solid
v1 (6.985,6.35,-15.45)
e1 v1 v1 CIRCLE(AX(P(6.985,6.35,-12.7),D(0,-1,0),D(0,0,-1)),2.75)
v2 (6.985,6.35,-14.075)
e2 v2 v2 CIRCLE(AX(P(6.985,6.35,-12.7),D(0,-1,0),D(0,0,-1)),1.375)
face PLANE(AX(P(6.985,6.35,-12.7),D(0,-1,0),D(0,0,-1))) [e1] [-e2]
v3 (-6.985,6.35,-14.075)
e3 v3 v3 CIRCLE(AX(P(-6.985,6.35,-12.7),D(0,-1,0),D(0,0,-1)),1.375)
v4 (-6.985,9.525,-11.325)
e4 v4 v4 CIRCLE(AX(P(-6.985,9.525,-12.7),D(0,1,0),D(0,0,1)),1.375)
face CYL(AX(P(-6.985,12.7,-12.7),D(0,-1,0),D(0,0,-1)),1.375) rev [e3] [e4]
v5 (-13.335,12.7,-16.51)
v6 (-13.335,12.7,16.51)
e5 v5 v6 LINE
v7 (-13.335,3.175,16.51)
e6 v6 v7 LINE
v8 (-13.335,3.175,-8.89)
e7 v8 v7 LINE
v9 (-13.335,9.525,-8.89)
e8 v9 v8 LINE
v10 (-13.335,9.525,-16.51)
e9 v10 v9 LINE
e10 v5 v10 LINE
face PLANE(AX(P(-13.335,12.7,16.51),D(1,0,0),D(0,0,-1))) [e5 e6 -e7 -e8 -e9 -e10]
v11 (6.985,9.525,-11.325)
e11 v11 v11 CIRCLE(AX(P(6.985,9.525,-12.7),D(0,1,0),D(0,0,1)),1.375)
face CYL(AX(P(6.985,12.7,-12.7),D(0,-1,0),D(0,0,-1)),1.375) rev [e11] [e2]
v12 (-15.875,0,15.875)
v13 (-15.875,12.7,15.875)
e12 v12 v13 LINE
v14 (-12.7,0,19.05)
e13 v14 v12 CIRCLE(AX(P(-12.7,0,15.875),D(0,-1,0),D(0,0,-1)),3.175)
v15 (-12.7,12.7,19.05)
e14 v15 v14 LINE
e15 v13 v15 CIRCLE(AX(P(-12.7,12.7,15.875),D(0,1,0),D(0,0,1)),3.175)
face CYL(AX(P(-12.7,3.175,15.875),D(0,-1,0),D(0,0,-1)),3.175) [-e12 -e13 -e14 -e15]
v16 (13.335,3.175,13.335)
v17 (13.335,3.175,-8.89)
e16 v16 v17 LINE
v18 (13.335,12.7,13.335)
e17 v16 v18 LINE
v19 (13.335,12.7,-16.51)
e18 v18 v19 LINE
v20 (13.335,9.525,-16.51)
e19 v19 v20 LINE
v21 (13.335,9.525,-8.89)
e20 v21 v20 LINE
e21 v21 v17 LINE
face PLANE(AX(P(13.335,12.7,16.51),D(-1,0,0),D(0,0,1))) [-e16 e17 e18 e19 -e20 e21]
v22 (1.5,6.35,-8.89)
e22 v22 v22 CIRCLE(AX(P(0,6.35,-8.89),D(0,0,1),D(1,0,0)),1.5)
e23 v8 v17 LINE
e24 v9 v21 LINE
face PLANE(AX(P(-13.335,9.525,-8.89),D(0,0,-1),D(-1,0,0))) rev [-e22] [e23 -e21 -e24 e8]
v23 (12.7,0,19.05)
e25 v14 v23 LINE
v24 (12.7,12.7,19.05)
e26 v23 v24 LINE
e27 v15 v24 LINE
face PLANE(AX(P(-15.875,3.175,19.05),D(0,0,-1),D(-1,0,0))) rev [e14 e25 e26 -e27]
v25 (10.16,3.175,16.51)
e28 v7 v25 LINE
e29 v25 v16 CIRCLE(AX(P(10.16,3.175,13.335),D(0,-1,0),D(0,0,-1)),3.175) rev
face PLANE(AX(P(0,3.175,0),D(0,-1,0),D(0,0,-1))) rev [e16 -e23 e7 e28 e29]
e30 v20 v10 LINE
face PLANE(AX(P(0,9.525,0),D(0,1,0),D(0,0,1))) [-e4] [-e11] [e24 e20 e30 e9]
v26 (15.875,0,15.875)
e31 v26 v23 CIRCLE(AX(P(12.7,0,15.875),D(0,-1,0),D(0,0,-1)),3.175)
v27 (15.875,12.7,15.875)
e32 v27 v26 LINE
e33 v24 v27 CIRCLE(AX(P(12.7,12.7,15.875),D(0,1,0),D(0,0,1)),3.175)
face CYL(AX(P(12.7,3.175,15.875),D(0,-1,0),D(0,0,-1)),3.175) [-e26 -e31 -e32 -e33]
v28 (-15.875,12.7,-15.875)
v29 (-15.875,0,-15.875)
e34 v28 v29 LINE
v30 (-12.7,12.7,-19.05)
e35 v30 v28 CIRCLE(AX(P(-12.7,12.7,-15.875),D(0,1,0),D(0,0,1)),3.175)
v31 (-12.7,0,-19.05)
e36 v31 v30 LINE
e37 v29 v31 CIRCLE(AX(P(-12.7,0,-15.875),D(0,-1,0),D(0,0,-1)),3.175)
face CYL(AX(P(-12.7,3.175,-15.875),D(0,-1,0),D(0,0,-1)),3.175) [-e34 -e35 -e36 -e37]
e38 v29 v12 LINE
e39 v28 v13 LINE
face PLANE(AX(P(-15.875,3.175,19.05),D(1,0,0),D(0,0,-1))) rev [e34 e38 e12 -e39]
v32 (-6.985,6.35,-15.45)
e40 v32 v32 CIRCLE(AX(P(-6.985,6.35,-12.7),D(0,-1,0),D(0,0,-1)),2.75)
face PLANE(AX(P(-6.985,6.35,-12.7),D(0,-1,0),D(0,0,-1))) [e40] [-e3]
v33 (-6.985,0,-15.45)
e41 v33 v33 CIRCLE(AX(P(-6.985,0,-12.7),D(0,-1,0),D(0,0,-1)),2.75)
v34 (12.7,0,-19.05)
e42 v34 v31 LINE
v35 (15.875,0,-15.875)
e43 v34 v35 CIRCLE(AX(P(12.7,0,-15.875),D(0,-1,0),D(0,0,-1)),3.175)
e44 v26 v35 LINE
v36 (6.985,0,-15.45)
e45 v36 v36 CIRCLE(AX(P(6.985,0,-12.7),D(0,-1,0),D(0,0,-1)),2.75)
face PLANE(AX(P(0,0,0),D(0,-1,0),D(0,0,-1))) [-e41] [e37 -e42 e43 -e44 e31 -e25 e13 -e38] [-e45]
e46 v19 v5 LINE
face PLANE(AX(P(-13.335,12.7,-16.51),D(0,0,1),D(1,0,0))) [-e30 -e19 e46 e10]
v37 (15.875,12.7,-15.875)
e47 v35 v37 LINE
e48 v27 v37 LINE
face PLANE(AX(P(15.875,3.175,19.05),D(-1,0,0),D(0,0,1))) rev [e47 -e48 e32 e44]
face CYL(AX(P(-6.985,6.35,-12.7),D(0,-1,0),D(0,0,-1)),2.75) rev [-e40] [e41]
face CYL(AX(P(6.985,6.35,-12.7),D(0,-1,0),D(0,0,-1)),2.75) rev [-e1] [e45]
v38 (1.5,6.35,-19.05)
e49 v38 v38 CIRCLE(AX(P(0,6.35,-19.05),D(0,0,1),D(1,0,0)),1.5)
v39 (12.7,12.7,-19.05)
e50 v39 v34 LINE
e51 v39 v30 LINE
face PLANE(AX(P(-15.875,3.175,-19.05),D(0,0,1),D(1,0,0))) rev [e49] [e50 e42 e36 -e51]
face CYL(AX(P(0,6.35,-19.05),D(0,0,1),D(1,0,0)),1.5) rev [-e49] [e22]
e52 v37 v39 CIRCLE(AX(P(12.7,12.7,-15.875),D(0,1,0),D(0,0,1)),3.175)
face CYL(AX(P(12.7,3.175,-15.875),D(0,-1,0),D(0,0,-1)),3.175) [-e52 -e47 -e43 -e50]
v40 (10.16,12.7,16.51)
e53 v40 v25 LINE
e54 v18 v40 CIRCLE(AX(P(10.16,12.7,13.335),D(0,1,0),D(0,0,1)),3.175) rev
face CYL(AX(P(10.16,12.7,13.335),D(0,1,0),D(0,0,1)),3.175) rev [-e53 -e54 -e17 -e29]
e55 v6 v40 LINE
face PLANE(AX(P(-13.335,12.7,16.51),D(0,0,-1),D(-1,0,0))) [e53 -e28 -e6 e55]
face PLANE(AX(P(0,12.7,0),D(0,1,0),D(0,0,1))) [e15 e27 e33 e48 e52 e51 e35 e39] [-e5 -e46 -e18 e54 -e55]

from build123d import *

# Parameters (mm, degrees)
SKETCH1_W           = 31.75
SKETCH1_H           = 38.1
BOSS_EXTRUDE1_DEPTH = 3.175
SKETCH2_W           = 31.75
SKETCH2_H           = 38.1
SKETCH2_W_2         = 26.67
SKETCH2_H_2         = 33.02
BOSS_EXTRUDE2_DEPTH = 9.525
SKETCH3_W           = 26.67
SKETCH3_H           = 7.62
BOSS_EXTRUDE3_DEPTH = 6.35
SKETCH4_R           = 2.749999961
CUT_EXTRUDE1_DEPTH  = 6.35
SKETCH5_R           = 1.375
CUT_EXTRUDE2_DEPTH  = 26.597668351
SKETCH6_R           = 1.5
CUT_EXTRUDE3_DEPTH  = 35.553570365
FILLET1_R           = 3.175


with BuildPart() as part:
    # Sketch1 → Boss-Extrude1 (new body)
    with BuildSketch(Plane(origin=(0, 0, 0), x_dir=(1, 0, 0), z_dir=(0, 1, 0))):
        Rectangle(SKETCH1_W, SKETCH1_H)
    extrude(amount=BOSS_EXTRUDE1_DEPTH)

    # Sketch2 → Boss-Extrude2 (add)
    with BuildSketch(Plane(origin=(0, 3.175, 0), x_dir=(1, 0, 0), z_dir=(0, 1, 0))):
        Rectangle(SKETCH2_W, SKETCH2_H)
        Rectangle(SKETCH2_W_2, SKETCH2_H_2, mode=Mode.SUBTRACT)
    extrude(amount=BOSS_EXTRUDE2_DEPTH)

    # Sketch3 → Boss-Extrude3 (add)
    with BuildSketch(Plane(origin=(0, 3.175, 0), x_dir=(1, 0, 0), z_dir=(0, 1, 0))):
        with Locations((0, 12.7)):
            Rectangle(SKETCH3_W, SKETCH3_H)
    extrude(amount=BOSS_EXTRUDE3_DEPTH)

    # Sketch4 → Cut-Extrude1 (cut)
    with BuildSketch(Plane.XZ):
        with Locations(Location((-6.985, -12.7, 0), (0, 0, 270))):
            Circle(SKETCH4_R)
        with Locations(Location((6.985, -12.7, 0), (0, 0, 270))):
            Circle(SKETCH4_R)
    extrude(amount=-CUT_EXTRUDE1_DEPTH, mode=Mode.SUBTRACT)

    # Sketch5 → Cut-Extrude2 (cut, through all)
    with BuildSketch(Plane.XZ.offset(-6.35)):
        with Locations(Location((6.985, -12.7, 0), (0, 0, 270))):
            Circle(SKETCH5_R)
        with Locations(Location((-6.985, -12.7, 0), (0, 0, 270))):
            Circle(SKETCH5_R)
    extrude(amount=-CUT_EXTRUDE2_DEPTH, mode=Mode.SUBTRACT)

    # Sketch6 → Cut-Extrude3 (cut, through all)
    with BuildSketch(Plane.XY.offset(-8.89)):
        with Locations((0, 6.35)):
            Circle(SKETCH6_R)
    extrude(amount=-CUT_EXTRUDE3_DEPTH, mode=Mode.SUBTRACT)

    # Fillet1
    fillet1_edges = [part.edges().sort_by_distance(p)[0] for p in [
        (13.335, 7.9375, 16.51),
        (15.875, 6.35, 19.05),
        (-15.875, 6.35, 19.05),
        (-15.875, 6.35, -19.05),
        (15.875, 6.35, -19.05),
    ]]
    fillet(fillet1_edges, radius=FILLET1_R)


solid = part.part
